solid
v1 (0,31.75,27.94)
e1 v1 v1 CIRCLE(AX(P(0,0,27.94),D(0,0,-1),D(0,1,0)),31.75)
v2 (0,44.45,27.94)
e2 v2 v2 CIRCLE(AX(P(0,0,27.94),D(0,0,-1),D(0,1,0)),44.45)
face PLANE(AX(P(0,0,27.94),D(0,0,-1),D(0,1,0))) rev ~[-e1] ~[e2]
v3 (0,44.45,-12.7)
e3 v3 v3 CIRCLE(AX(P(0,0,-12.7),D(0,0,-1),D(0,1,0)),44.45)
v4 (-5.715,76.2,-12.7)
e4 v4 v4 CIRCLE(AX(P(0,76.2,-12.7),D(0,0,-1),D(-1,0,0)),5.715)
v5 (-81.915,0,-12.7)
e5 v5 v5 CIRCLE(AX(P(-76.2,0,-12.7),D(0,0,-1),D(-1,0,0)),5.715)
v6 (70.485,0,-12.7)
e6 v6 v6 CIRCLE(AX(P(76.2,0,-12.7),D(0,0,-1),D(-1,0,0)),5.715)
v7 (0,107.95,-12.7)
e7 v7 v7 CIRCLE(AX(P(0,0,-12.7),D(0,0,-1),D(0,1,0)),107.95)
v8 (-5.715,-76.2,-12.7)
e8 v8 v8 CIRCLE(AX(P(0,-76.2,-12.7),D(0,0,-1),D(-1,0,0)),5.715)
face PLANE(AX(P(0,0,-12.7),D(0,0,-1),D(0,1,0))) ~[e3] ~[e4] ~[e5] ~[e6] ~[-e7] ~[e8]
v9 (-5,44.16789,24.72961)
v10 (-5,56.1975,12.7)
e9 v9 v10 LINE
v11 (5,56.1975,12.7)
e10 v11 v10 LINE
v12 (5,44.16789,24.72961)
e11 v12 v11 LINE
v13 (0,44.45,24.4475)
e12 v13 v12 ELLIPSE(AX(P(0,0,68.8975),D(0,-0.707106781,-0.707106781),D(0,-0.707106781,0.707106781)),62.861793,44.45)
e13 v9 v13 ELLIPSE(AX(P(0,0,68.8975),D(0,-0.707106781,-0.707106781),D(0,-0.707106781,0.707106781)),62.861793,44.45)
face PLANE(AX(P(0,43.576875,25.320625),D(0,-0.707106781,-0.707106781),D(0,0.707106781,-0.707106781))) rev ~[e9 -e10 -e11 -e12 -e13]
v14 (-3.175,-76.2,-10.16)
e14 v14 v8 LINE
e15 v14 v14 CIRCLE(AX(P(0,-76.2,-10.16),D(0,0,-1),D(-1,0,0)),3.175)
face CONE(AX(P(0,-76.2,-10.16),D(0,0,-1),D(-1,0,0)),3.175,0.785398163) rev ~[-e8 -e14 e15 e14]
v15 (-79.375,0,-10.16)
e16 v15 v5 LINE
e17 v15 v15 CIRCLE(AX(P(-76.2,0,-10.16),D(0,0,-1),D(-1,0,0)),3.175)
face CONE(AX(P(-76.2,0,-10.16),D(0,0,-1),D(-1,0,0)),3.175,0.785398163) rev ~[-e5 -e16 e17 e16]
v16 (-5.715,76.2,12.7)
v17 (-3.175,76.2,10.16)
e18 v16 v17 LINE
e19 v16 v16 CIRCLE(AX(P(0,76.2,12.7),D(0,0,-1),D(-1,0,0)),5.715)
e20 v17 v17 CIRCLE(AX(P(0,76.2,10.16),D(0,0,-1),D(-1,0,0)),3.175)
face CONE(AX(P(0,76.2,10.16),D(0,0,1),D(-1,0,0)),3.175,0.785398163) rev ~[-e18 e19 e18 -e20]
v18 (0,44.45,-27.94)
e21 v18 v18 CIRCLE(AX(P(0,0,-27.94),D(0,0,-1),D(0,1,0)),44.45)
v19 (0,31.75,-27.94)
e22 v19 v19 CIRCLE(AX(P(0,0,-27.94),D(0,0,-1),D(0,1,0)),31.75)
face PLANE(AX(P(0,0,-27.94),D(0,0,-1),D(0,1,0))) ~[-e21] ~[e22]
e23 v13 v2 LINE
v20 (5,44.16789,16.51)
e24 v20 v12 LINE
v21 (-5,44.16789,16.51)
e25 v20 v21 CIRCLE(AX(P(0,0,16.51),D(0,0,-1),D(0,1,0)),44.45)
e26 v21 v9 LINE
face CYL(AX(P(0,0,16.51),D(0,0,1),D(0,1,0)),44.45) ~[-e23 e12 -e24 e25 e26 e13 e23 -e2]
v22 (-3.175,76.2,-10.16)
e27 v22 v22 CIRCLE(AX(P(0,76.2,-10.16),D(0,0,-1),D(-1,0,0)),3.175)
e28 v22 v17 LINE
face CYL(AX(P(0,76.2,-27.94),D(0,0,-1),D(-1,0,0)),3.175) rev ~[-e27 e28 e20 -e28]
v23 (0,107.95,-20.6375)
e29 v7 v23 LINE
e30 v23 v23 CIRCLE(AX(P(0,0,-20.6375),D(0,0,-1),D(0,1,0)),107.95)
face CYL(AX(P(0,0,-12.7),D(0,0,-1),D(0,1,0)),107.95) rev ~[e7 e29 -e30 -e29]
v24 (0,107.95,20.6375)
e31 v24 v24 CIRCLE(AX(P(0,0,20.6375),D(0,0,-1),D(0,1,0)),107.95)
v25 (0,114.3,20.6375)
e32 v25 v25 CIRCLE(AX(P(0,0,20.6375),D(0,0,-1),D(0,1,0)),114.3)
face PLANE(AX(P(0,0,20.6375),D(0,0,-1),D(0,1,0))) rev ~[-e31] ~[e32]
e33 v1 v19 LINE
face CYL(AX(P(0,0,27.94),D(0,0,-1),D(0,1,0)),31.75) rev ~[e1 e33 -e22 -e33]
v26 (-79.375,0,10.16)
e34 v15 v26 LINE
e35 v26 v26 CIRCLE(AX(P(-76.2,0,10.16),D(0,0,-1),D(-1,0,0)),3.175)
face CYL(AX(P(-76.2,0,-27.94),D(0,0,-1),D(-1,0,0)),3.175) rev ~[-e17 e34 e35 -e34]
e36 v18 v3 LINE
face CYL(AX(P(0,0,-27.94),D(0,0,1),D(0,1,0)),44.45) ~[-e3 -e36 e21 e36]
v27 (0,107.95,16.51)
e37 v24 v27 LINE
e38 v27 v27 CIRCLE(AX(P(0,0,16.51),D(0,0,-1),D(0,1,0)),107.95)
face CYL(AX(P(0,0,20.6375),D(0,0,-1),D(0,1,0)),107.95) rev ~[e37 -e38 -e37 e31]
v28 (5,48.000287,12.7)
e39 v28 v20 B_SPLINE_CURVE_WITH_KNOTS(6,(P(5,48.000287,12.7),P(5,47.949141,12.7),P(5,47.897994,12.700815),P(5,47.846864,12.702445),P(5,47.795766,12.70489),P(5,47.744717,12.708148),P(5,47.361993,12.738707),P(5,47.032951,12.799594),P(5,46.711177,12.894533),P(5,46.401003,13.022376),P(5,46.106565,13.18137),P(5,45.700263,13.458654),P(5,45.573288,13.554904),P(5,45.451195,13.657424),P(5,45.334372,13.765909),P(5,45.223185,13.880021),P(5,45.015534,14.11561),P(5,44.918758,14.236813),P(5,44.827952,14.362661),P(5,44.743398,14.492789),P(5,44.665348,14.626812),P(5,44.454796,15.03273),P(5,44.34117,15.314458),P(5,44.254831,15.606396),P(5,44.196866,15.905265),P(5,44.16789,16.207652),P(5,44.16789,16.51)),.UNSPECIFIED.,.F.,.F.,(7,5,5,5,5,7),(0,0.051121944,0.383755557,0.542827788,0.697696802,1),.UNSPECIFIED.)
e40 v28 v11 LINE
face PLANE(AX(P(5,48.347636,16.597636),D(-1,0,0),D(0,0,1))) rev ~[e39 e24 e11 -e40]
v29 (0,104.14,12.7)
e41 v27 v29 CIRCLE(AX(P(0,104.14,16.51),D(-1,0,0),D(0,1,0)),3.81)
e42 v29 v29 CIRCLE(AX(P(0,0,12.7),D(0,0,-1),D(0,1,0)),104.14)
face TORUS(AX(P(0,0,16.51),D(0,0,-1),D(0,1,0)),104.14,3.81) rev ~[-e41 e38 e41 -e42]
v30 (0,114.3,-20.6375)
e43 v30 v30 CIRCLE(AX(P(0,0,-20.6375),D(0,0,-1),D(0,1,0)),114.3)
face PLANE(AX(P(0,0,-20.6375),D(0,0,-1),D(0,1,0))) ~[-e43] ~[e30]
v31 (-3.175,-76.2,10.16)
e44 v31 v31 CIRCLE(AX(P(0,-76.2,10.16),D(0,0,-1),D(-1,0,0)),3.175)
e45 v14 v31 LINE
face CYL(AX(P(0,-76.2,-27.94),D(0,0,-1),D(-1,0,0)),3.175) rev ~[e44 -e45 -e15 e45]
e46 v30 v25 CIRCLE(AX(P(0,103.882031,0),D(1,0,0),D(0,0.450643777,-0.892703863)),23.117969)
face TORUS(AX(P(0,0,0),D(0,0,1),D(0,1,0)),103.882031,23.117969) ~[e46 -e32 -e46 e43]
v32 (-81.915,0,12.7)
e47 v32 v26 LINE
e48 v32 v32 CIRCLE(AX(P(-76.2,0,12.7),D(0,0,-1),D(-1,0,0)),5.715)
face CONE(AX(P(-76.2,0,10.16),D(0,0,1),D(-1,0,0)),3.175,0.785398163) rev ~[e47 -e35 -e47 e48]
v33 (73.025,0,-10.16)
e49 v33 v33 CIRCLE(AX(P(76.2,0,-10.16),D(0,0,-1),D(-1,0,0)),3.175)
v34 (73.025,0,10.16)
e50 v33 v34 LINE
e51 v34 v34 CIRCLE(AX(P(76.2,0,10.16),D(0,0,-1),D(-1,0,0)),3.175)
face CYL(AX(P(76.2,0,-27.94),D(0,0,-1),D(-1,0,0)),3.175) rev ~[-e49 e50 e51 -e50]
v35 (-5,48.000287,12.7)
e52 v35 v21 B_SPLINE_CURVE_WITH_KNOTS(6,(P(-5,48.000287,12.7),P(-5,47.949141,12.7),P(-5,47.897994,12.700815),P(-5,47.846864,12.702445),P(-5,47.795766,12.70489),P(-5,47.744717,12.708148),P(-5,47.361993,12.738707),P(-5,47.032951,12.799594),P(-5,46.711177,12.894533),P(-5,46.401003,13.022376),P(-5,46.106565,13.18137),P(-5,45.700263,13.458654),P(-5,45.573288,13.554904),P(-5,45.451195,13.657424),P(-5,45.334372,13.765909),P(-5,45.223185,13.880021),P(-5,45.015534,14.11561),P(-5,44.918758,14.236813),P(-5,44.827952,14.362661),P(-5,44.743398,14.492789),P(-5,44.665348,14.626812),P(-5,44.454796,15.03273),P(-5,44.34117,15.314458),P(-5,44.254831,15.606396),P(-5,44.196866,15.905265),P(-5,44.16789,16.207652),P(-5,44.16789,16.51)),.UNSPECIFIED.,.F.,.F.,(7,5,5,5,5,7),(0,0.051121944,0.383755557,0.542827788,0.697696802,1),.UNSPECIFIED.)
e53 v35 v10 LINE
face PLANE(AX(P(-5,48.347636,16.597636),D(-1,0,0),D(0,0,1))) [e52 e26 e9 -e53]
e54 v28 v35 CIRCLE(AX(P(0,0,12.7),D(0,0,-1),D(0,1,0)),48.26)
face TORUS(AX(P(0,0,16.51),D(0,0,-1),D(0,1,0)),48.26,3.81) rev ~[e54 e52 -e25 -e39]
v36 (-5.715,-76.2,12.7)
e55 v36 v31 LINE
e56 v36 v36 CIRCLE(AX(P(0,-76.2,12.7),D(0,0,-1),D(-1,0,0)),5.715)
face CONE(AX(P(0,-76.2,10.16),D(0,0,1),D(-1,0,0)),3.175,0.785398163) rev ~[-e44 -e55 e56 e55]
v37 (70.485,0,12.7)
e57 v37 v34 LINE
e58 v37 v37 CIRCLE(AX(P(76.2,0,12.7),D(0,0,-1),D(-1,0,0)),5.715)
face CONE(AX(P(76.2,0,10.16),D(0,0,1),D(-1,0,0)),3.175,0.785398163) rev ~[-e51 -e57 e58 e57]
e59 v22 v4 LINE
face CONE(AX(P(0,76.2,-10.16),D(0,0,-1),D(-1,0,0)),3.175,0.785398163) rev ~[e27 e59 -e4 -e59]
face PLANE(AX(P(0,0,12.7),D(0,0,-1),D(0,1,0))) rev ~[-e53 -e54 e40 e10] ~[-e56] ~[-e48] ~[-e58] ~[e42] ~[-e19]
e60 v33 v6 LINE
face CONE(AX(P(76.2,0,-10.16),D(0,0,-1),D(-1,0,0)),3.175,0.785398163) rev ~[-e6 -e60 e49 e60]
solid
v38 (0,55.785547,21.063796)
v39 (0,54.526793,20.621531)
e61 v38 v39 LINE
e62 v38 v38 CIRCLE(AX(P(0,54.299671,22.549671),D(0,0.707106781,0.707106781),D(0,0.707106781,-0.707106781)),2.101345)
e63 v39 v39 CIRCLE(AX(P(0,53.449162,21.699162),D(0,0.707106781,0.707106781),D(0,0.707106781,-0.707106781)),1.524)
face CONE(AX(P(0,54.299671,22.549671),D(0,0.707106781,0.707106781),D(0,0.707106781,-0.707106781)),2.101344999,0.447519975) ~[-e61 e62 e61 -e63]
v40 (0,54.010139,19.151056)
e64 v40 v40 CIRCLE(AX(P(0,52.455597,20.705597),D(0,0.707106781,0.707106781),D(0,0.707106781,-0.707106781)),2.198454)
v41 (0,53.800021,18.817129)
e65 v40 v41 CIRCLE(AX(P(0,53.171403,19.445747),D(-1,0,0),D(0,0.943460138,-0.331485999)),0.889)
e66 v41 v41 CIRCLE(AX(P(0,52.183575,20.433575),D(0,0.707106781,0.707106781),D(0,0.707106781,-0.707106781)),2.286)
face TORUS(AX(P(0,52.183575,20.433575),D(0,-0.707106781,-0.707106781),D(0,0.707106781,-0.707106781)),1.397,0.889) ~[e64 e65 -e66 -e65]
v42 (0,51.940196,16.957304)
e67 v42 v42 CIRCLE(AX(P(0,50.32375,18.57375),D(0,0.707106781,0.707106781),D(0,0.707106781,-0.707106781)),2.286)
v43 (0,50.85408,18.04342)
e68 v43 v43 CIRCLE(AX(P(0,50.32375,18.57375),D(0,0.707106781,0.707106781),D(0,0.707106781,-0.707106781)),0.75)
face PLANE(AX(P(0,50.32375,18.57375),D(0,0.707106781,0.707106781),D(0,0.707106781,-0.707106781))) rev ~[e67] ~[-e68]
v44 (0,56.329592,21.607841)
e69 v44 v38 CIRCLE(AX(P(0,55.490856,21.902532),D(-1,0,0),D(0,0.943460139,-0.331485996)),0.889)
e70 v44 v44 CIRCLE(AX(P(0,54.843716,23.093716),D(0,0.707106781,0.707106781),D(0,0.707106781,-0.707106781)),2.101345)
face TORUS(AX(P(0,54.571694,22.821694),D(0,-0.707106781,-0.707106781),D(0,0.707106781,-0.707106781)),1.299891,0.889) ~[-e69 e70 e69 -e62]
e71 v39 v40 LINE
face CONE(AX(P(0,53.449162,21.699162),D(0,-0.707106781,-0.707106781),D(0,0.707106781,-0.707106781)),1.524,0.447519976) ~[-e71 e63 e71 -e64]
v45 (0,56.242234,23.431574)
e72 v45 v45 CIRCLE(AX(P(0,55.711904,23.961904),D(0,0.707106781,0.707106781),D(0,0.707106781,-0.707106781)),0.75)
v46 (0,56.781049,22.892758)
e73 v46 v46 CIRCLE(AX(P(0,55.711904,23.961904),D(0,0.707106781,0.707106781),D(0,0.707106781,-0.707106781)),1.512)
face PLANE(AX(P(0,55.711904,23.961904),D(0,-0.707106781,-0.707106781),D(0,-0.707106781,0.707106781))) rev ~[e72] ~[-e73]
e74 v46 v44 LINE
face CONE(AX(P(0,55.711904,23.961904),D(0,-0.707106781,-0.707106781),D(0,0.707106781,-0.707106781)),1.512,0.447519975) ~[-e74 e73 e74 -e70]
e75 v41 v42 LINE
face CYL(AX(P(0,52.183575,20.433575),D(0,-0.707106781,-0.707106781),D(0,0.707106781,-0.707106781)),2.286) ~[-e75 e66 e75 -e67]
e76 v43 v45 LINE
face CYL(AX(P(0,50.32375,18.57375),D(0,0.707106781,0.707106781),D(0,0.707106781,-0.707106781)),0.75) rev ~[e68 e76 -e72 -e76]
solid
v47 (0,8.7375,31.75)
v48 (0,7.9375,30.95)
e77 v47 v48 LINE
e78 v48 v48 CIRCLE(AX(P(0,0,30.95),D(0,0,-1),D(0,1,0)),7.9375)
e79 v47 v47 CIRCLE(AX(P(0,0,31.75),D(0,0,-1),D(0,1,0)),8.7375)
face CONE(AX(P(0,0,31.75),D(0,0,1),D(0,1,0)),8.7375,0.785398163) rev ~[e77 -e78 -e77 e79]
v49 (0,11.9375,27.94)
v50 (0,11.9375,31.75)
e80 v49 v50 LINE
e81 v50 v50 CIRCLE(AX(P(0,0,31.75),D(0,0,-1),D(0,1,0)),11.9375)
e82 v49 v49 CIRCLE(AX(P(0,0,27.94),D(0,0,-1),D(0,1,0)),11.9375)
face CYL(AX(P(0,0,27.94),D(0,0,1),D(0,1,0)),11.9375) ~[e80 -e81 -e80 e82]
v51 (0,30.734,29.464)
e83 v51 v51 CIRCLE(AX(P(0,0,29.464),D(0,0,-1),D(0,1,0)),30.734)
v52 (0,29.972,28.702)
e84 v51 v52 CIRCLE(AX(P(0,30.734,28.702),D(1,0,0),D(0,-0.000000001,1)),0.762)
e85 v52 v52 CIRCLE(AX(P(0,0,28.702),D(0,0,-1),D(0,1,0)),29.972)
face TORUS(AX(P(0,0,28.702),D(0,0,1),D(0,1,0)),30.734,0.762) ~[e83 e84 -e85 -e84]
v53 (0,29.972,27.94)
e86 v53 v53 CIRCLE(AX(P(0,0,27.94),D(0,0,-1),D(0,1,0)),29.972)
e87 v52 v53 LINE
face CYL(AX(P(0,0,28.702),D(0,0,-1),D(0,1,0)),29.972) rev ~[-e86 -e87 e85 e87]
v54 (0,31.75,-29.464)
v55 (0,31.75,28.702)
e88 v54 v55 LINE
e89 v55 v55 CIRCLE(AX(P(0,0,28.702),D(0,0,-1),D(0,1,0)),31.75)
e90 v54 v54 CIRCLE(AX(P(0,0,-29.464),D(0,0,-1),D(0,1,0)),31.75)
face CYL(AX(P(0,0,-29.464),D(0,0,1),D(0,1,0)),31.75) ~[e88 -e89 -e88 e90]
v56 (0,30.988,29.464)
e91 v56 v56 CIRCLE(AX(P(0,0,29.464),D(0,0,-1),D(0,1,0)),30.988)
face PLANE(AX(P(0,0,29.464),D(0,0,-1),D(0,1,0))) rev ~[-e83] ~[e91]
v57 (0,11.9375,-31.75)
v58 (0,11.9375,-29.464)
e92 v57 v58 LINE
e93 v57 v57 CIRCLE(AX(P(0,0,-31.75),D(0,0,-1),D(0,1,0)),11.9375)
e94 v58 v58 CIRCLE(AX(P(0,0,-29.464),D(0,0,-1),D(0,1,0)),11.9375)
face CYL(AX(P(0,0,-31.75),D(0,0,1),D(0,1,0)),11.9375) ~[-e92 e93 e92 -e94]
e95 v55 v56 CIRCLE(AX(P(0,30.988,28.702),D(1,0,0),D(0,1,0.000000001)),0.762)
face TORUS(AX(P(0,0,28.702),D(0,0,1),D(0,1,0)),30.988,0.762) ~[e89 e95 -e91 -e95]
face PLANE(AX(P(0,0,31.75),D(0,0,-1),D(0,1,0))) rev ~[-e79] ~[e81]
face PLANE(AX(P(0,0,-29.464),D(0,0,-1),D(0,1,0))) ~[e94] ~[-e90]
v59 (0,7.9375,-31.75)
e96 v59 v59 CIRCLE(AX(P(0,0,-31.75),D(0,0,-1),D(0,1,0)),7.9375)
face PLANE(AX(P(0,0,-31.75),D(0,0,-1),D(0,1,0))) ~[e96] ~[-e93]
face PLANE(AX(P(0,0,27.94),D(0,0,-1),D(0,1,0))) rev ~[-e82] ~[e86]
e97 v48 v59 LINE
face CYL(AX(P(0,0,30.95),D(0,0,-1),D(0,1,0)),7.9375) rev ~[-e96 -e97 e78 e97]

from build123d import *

# Parameters (mm, degrees)
BOSS_EXTRUDE1_DEPTH = 5
SKETCH7_R           = 3.175
CUT_EXTRUDE1_DEPTH  = 60.69
CHAMFER1_SIZE       = 2.54


with BuildPart() as part:
    # Sketch3 → Revolve1 (revolve)
    with BuildSketch(Plane(origin=(0, 0, 0), x_dir=(0, 0, -1), z_dir=(1, 0, 0))):
        with BuildLine():
            Line((-20.6375, 114.3), (-20.6375, 107.95))
            Line((-20.6375, 107.95), (-16.51, 107.95))
            ThreePointArc((-16.51, 107.95), (-13.815923164, 106.834076836), (-12.7, 104.14))
            Line((-12.7, 104.14), (-12.7, 48.26))
            ThreePointArc((-12.7, 48.26), (-13.815923164, 45.565923164), (-16.51, 44.45))
            Line((-16.51, 44.45), (-27.94, 44.45))
            Line((-27.94, 44.45), (-27.94, 31.75))
            Line((-27.94, 31.75), (27.94, 31.75))
            Line((27.94, 31.75), (27.94, 44.45))
            Line((27.94, 44.45), (12.7, 44.45))
            Line((12.7, 44.45), (12.7, 107.95))
            Line((12.7, 107.95), (20.6375, 107.95))
            Line((20.6375, 107.95), (20.6375, 114.3))
            ThreePointArc((20.6375, 114.3), (0, 127), (-20.6375, 114.3))
        make_face()
    revolve(axis=Axis((0, 0, 31.75), (0, 0, -1)))

    # Sketch5 → Boss-Extrude1 (add, symmetric)
    with BuildSketch(Plane(origin=(0, 0, 0), x_dir=(0, 0, -1), z_dir=(1, 0, 0))):
        Polygon((-25.320625, 43.576875), (-11.826875, 57.070625), (-11.826875, 43.576875), align=None)
    extrude(amount=BOSS_EXTRUDE1_DEPTH, both=True)

    # Sketch7 → Cut-Extrude1 (cut, through all)
    with BuildSketch(Plane(origin=(0, 0, -27.94), x_dir=(-1, 0, 0), z_dir=(0, 0, -1))):
        with Locations((0, 76.2)):
            Circle(SKETCH7_R)
        with Locations((76.2, 0)):
            Circle(SKETCH7_R)
        with Locations((0, -76.2)):
            Circle(SKETCH7_R)
        with Locations((-76.2, 0)):
            Circle(SKETCH7_R)
    extrude(amount=-CUT_EXTRUDE1_DEPTH, mode=Mode.SUBTRACT)

    # Chamfer1
    chamfer1_edges = [part.edges().sort_by_distance(p)[0] for p in [
        (3.175, 76.2, -12.7),
        (3.175, 76.2, 12.7),
        (-73.025, 0, -12.7),
        (-73.025, 0, 12.7),
        (3.175, -76.2, -12.7),
        (3.175, -76.2, 12.7),
        (79.375, 0, -12.7),
        (79.375, 0, 12.7),
    ]]
    chamfer(chamfer1_edges, length=CHAMFER1_SIZE)


with BuildPart() as body_2:
    # Sketch4 → Revolve2 (revolve)
    with BuildSketch(Plane(origin=(0, 0, 0), x_dir=(0, 0, -1), z_dir=(1, 0, 0))):
        with BuildLine():
            Line((31.75, 7.9375), (31.75, 11.9375))
            Line((31.75, 11.9375), (29.464, 11.9375))
            Line((29.464, 11.9375), (29.464, 31.75))
            Line((29.464, 31.75), (-28.702, 31.75))
            ThreePointArc((-28.702, 31.75), (-29.240815367, 31.526815367), (-29.464, 30.988))
            Line((-29.464, 30.988), (-29.464, 30.734))
            ThreePointArc((-29.464, 30.734), (-29.240815367, 30.195184633), (-28.702, 29.972))
            Line((-28.702, 29.972), (-27.94, 29.972))
            Line((-27.94, 29.972), (-27.94, 11.9375))
            Line((-27.94, 11.9375), (-31.75, 11.9375))
            Line((-31.75, 11.9375), (-31.75, 8.7375))
            Line((-31.75, 8.7375), (-30.95, 7.9375))
            Line((-30.95, 7.9375), (31.75, 7.9375))
        make_face()
    revolve(axis=Axis((0, 0, 31.75), (0, 0, -1)))


with BuildPart() as body_3:
    # Sketch6 → Revolve3 (revolve)
    with BuildSketch(Plane(origin=(0, 0, 0), x_dir=(0, 0, -1), z_dir=(1, 0, 0))):
        with BuildLine():
            Line((-23.431573587, 56.242233759), (-22.892758219, 56.781049126))
            Line((-22.892758219, 56.781049126), (-21.607841197, 56.329591794))
            ThreePointArc((-21.607841197, 56.329591794), (-21.273914318, 56.119473658), (-21.063796182, 55.785546779))
            Line((-21.063796182, 55.785546779), (-20.621531238, 54.526792707))
            Line((-20.621531238, 54.526792707), (-19.151055668, 54.010139129))
            ThreePointArc((-19.151055668, 54.010139129), (-18.972288932, 53.923838261), (-18.817128789, 53.800020993))
            Line((-18.817128789, 53.800020993), (-16.957303898, 51.940196102))
            Line((-16.957303898, 51.940196102), (-18.043419914, 50.854080086))
            Line((-18.043419914, 50.854080086), (-23.431573587, 56.242233759))
        make_face()
    revolve(axis=Axis((0, 50.32375, 18.57375), (0, 0.707106781, 0.707106781)))


solid = Compound([part.part, body_2.part, body_3.part])
